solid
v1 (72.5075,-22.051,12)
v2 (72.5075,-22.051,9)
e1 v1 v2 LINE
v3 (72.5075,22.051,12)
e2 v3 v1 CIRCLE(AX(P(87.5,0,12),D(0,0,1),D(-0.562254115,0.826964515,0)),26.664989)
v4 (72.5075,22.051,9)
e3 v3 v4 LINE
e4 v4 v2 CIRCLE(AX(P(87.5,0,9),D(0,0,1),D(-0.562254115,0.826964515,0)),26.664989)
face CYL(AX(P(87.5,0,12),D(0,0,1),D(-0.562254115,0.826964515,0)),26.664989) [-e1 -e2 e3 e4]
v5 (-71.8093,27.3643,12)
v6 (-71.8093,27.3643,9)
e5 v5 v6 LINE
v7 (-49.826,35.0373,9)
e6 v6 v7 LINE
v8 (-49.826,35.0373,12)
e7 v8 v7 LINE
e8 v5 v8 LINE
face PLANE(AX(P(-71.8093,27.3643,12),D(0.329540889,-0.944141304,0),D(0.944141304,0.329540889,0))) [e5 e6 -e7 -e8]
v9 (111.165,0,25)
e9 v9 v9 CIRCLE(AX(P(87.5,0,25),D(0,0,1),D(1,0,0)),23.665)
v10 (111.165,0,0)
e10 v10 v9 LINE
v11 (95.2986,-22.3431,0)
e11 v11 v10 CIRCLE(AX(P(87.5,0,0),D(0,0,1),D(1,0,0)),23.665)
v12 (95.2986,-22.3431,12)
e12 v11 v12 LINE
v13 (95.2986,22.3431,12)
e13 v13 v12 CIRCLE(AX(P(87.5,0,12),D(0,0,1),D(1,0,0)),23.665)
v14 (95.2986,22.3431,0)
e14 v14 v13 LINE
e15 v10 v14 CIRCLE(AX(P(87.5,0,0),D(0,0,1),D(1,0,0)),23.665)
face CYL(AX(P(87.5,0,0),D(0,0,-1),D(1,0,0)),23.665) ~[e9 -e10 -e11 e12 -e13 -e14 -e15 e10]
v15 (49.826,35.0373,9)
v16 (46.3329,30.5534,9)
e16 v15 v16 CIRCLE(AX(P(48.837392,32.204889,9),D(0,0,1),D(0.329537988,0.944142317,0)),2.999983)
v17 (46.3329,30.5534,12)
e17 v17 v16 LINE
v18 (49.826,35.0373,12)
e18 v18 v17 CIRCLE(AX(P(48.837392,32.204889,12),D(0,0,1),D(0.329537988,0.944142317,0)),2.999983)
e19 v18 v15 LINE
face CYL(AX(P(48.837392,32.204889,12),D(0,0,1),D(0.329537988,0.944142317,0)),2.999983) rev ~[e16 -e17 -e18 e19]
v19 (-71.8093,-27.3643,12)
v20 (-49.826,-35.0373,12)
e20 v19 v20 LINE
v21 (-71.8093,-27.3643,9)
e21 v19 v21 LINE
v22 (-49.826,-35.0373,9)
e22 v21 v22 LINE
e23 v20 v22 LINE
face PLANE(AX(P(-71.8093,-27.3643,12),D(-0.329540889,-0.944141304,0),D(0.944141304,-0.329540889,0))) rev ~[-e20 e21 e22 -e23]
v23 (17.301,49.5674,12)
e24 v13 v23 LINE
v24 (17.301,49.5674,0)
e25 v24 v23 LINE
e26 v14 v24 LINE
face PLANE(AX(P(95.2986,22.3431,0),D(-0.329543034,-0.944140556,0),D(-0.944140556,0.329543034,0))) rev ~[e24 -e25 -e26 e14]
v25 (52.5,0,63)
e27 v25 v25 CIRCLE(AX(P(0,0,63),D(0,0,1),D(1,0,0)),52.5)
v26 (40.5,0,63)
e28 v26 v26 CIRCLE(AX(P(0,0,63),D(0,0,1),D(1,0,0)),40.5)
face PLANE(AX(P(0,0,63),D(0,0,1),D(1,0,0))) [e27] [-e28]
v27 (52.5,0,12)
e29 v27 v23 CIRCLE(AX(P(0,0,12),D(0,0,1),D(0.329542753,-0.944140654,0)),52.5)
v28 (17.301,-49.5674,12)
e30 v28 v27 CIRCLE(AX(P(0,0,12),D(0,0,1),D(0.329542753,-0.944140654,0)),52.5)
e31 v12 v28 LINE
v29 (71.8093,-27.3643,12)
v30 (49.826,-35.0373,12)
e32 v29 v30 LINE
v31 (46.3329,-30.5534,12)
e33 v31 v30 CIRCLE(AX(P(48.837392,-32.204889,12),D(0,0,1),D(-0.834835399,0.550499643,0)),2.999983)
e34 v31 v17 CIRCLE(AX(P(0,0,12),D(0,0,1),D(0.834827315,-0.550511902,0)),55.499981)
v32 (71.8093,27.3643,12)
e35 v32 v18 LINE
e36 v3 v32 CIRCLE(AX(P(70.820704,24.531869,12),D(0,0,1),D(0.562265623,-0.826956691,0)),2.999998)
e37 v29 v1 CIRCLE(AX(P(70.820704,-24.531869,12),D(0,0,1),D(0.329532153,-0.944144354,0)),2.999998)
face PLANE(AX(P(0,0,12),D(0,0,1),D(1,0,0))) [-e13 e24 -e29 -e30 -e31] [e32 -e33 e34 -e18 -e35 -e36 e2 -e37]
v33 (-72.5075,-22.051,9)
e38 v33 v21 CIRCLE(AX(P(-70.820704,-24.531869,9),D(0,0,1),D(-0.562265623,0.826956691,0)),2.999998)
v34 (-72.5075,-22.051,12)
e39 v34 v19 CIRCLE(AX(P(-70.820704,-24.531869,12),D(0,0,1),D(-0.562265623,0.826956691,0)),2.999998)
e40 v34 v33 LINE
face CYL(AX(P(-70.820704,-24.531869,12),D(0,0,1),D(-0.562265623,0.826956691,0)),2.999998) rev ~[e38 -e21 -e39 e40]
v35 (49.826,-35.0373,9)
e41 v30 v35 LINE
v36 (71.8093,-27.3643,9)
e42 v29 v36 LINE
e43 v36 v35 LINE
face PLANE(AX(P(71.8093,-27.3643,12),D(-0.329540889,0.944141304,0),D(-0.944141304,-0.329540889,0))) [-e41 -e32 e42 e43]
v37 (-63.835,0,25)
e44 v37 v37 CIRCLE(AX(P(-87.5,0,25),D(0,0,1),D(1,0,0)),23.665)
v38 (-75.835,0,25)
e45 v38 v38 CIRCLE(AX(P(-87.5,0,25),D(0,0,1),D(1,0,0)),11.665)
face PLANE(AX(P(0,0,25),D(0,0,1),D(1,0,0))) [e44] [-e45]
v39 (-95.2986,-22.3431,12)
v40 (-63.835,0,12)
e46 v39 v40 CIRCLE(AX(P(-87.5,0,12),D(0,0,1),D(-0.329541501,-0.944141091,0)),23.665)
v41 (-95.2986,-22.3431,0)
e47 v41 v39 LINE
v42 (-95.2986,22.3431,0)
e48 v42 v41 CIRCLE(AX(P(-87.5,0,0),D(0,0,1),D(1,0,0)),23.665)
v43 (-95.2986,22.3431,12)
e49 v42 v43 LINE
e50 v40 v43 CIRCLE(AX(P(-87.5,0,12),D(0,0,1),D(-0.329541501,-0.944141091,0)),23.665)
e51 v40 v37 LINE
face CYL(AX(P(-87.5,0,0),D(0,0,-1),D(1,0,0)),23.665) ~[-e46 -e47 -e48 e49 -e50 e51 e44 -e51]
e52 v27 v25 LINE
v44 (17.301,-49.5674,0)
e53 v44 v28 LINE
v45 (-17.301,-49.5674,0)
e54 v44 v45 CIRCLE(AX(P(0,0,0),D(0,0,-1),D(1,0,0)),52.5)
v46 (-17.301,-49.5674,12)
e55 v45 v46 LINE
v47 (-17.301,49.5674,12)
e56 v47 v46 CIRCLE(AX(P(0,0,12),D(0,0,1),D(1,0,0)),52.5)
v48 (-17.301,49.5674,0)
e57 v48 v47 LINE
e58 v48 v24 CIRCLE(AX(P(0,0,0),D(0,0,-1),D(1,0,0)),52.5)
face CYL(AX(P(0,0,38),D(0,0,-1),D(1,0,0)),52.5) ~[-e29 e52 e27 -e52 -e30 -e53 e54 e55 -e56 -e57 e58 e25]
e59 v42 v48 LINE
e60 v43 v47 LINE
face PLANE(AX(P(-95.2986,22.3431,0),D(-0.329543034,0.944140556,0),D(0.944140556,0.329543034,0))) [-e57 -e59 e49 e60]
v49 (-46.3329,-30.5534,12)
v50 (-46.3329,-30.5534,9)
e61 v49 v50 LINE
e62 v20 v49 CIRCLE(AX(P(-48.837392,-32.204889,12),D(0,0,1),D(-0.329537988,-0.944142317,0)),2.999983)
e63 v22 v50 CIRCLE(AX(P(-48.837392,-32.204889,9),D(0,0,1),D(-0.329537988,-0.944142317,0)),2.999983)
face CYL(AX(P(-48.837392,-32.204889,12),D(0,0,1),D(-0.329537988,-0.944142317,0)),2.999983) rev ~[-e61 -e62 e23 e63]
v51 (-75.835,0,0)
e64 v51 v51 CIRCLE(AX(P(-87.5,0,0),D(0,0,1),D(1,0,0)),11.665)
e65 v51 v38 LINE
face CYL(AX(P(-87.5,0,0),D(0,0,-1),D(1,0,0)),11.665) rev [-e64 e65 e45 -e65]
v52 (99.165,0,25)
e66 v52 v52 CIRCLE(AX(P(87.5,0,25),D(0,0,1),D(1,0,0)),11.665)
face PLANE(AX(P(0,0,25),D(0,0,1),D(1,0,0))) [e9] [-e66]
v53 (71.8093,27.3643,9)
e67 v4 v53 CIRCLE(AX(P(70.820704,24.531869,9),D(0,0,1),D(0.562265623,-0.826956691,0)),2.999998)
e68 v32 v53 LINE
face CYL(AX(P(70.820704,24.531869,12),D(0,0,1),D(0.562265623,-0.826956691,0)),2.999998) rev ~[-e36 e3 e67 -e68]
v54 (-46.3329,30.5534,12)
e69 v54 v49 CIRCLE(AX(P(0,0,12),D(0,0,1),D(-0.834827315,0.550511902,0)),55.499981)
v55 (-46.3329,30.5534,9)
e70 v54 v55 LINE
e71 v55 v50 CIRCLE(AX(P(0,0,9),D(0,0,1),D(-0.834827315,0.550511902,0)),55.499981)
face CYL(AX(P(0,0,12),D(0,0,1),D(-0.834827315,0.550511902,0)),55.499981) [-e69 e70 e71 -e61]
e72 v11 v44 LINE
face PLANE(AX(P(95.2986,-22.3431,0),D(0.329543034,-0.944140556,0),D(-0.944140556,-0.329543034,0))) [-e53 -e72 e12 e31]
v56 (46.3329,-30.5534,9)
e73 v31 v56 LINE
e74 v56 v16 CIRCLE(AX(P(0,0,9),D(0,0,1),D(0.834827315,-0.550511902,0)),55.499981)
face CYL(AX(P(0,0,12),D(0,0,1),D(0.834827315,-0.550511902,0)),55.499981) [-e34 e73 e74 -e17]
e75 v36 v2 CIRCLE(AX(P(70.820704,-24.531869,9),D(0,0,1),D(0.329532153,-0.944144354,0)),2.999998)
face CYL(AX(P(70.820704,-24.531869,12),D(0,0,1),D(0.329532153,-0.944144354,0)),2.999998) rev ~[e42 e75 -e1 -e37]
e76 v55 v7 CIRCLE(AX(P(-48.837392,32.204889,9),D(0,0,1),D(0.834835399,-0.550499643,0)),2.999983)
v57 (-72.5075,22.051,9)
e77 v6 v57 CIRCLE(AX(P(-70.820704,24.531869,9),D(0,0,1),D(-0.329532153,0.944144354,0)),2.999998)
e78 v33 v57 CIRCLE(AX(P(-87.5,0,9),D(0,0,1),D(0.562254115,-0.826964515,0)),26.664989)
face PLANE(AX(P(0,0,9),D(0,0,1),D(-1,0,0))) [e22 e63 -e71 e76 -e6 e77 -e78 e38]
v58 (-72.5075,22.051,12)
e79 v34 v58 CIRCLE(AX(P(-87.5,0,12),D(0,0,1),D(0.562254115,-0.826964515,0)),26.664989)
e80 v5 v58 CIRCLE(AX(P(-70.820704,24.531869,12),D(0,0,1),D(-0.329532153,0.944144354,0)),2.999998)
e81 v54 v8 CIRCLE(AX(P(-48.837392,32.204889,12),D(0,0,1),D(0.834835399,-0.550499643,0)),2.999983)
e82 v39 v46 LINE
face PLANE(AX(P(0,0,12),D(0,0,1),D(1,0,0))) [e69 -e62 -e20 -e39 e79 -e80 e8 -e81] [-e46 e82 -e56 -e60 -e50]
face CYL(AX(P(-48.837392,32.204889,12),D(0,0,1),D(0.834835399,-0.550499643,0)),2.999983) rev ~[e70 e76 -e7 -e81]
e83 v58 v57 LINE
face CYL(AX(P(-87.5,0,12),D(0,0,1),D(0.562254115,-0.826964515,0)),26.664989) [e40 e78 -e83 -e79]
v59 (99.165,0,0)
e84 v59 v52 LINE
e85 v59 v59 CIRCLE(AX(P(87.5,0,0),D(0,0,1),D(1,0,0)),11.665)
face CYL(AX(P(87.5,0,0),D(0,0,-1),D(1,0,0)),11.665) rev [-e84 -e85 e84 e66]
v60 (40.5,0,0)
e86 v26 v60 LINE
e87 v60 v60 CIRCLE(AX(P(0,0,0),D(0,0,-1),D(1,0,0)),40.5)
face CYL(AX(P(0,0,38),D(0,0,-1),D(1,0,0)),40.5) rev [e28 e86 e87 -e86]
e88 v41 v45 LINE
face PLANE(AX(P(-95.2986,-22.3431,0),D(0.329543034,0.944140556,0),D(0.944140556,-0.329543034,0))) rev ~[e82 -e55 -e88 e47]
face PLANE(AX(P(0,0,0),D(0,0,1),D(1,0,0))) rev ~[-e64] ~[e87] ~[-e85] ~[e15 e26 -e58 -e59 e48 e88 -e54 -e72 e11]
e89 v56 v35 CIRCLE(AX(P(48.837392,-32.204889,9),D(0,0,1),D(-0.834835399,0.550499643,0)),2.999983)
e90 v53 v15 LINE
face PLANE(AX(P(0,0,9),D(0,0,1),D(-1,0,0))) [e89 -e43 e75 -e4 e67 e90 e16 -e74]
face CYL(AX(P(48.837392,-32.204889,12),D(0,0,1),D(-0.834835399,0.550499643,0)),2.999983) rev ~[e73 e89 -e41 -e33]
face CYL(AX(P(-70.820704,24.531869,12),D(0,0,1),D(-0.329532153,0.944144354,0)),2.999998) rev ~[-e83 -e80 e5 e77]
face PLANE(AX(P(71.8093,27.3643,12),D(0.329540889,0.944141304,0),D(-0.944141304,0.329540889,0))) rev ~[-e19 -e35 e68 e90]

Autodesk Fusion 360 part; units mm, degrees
sketch "Sketch1" plane through (0, 0, 0) normal (0, 0, 1) x (1, 0, 0)
  circle A0 centre (0, 0) radius 40.5
  circle A1 centre (0, 0) radius 52.5
  circle A2 centre (-87.5, 0) radius 11.665
  circle A3 centre (-87.5, 0) radius 23.665
  line L0 (0, 85) -> (0, -75)
  circle A4 centre (87.5, 0) radius 23.665
  circle A5 centre (87.5, 0) radius 11.665
  line L1 (-95.2986, 22.3431) -> (-17.301, 49.5674)
  line L2 (-95.2986, -22.3431) -> (-17.301, -49.5674)
  line L3 (-71.8093, 27.3643) -> (-49.826, 35.0373)
  line L4 (-71.8093, -27.3643) -> (-49.826, -35.0373)
  arc A6 (-72.5075, -22.051) -> (-72.5075, 22.051) centre (-87.5, 0) ccw
  arc A7 (-46.3329, 30.5534) -> (-46.3329, -30.5534) centre (0, 0) ccw
  arc A8 (-71.8093, 27.3643) -> (-72.5075, 22.051) centre (-70.8207, 24.5319) ccw
  arc A9 (-46.3329, 30.5534) -> (-49.826, 35.0373) centre (-48.8374, 32.2049) ccw
  arc A10 (-49.826, -35.0373) -> (-46.3329, -30.5534) centre (-48.8374, -32.2049) ccw
  arc A11 (-72.5075, -22.051) -> (-71.8093, -27.3643) centre (-70.8207, -24.5319) ccw
  line L5 (95.2986, -22.3431) -> (17.301, -49.5674)
  arc A12 (49.826, 35.0373) -> (46.3329, 30.5534) centre (48.8374, 32.2049) ccw
  arc A13 (71.8093, -27.3643) -> (72.5075, -22.051) centre (70.8207, -24.5319) ccw
  line L6 (71.8093, 27.3643) -> (49.826, 35.0373)
  arc A14 (46.3329, -30.5534) -> (46.3329, 30.5534) centre (0, 0) ccw
  circle A15 centre (87.5, 0) radius 11.665
  line L7 (71.8093, -27.3643) -> (49.826, -35.0373)
  arc A16 (46.3329, -30.5534) -> (49.826, -35.0373) centre (48.8374, -32.2049) ccw
  circle A17 centre (87.5, 0) radius 23.665
  arc A18 (72.5075, 22.051) -> (72.5075, -22.051) centre (87.5, 0) ccw
  line L8 (95.2986, 22.3431) -> (17.301, 49.5674)
  arc A19 (72.5075, 22.051) -> (71.8093, 27.3643) centre (70.8207, 24.5319) ccw
  dimension "d1" = 105
  dimension "d2" = 12
  dimension "d3" = 23.33
  dimension "d4" = 12
  dimension "d5" = 175
  dimension "d6" = 3
  dimension "d7" = 3
  dimension "d8" = 3
  dimension "d9" = 3
  dimension "d10" = 3
  dimension "d11" = 3
  dimension "d12" = 3
extrude "Extrude1" add sketch "Sketch1" along normal blind 38 contours A0 A1 L0 | A0 A1 L0 makes body 1
sketch "Sketch2" plane through (0, 0, 0) normal (0, 0, 1) x (1, 0, 0)
  circle A0 centre (87.5, 0) radius 11.665
  circle A1 centre (87.5, 0) radius 23.665
  line L0 (0, 67.4861) -> (0, -70)
  line L1 (0, 67.4861) -> (0, -70)
  circle A2 centre (-87.5, 0) radius 23.665
  circle A3 centre (-87.5, 0) radius 11.665
  dimension "d15" = 23.33
  dimension "d16" = 12
  dimension "d17" = 175
extrude "Extrude2" add sketch "Sketch2" along normal blind 25 separate body makes body 2 at (111.0474, -2.3563, 8.3333) makes body 3 at (-63.9526, -2.3563, 8.3333)
extrude "Extrude3" add 1 faces at (48.1538, -4.6203, 38) along direction (0, 0, 1) blind 25 on bodies 1 bodies 1
sketch "Sketch3" plane through (0, 0, 0) normal (0, 0, 1) x (1, 0, 0)
  circle A0 centre (-87.5, 0) radius 23.665
  circle A1 centre (0, 0) radius 52.5
  line L0 (-95.2986, 22.3431) -> (-17.301, 49.5674)
  line L1 (-95.2986, -22.3431) -> (-17.301, -49.5674)
  line L2 (0, 66.8744) -> (0, -68.3016)
  line L3 (95.2986, 22.3431) -> (17.301, 49.5674)
  line L4 (95.2986, -22.3431) -> (17.301, -49.5674)
  circle A2 centre (87.5, 0) radius 23.665
extrude "Extrude4" add sketch "Sketch3" along normal blind 12 contours A0 A1 L0 L1 | A1 L3 L4 A2 bodies 1 2 3
sketch "Sketch4" plane through (0, 0, 12) normal (0, 0, 1) x (-1, 0, 0)
  arc A0 (-95.2986, -22.3431) -> (-95.2986, 22.3431) centre (-87.5, 0) ccw
  line L0 (-95.2986, -22.3431) -> (-17.301, -49.5674)
  arc A1 (-17.301, 49.5674) -> (-17.301, -49.5674) centre (0, 0) ccw
  line L1 (-17.301, 49.5674) -> (-95.2986, 22.3431)
  line L2 (-71.8093, 27.3643) -> (-49.826, 35.0373)
  line L3 (-71.8093, -27.3643) -> (-49.826, -35.0373)
  arc A2 (-72.5075, -22.051) -> (-72.5075, 22.051) centre (-87.5, 0) ccw
  arc A3 (-46.3329, 30.5534) -> (-46.3329, -30.5534) centre (0, 0) ccw
  arc A4 (-71.8093, 27.3643) -> (-72.5075, 22.051) centre (-70.8207, 24.5319) ccw
  arc A5 (-46.3329, 30.5534) -> (-49.826, 35.0373) centre (-48.8374, 32.2049) ccw
  arc A6 (-49.826, -35.0373) -> (-46.3329, -30.5534) centre (-48.8374, -32.2049) ccw
  arc A7 (-72.5075, -22.051) -> (-71.8093, -27.3643) centre (-70.8207, -24.5319) ccw
  line L4 (0, 70) -> (0, -73.9622)
  arc A8 (49.826, 35.0373) -> (46.3329, 30.5534) centre (48.8374, 32.2049) ccw
  arc A9 (72.5075, 22.051) -> (72.5075, -22.051) centre (87.5, 0) ccw
  arc A10 (72.5075, 22.051) -> (71.8093, 27.3643) centre (70.8207, 24.5319) ccw
  arc A11 (46.3329, -30.5534) -> (49.826, -35.0373) centre (48.8374, -32.2049) ccw
  arc A12 (71.8093, -27.3643) -> (72.5075, -22.051) centre (70.8207, -24.5319) ccw
  line L5 (71.8093, -27.3643) -> (49.826, -35.0373)
  arc A13 (46.3329, -30.5534) -> (46.3329, 30.5534) centre (0, 0) ccw
  line L6 (71.8093, 27.3643) -> (49.826, 35.0373)
  dimension "d24" = 3
  dimension "d25" = 3
  dimension "d26" = 3
  dimension "d27" = 3
  dimension "d28" = 3
  dimension "d29" = 3
  dimension "d30" = 3
  dimension "d31" = 3
extrude "Extrude5" cut sketch "Sketch4" against normal blind 3 contours L2 L3 A2 A3 A4 A5 A6 A7 | A8 A9 A10 A11 A12 L5 A13 L6 bodies 1
